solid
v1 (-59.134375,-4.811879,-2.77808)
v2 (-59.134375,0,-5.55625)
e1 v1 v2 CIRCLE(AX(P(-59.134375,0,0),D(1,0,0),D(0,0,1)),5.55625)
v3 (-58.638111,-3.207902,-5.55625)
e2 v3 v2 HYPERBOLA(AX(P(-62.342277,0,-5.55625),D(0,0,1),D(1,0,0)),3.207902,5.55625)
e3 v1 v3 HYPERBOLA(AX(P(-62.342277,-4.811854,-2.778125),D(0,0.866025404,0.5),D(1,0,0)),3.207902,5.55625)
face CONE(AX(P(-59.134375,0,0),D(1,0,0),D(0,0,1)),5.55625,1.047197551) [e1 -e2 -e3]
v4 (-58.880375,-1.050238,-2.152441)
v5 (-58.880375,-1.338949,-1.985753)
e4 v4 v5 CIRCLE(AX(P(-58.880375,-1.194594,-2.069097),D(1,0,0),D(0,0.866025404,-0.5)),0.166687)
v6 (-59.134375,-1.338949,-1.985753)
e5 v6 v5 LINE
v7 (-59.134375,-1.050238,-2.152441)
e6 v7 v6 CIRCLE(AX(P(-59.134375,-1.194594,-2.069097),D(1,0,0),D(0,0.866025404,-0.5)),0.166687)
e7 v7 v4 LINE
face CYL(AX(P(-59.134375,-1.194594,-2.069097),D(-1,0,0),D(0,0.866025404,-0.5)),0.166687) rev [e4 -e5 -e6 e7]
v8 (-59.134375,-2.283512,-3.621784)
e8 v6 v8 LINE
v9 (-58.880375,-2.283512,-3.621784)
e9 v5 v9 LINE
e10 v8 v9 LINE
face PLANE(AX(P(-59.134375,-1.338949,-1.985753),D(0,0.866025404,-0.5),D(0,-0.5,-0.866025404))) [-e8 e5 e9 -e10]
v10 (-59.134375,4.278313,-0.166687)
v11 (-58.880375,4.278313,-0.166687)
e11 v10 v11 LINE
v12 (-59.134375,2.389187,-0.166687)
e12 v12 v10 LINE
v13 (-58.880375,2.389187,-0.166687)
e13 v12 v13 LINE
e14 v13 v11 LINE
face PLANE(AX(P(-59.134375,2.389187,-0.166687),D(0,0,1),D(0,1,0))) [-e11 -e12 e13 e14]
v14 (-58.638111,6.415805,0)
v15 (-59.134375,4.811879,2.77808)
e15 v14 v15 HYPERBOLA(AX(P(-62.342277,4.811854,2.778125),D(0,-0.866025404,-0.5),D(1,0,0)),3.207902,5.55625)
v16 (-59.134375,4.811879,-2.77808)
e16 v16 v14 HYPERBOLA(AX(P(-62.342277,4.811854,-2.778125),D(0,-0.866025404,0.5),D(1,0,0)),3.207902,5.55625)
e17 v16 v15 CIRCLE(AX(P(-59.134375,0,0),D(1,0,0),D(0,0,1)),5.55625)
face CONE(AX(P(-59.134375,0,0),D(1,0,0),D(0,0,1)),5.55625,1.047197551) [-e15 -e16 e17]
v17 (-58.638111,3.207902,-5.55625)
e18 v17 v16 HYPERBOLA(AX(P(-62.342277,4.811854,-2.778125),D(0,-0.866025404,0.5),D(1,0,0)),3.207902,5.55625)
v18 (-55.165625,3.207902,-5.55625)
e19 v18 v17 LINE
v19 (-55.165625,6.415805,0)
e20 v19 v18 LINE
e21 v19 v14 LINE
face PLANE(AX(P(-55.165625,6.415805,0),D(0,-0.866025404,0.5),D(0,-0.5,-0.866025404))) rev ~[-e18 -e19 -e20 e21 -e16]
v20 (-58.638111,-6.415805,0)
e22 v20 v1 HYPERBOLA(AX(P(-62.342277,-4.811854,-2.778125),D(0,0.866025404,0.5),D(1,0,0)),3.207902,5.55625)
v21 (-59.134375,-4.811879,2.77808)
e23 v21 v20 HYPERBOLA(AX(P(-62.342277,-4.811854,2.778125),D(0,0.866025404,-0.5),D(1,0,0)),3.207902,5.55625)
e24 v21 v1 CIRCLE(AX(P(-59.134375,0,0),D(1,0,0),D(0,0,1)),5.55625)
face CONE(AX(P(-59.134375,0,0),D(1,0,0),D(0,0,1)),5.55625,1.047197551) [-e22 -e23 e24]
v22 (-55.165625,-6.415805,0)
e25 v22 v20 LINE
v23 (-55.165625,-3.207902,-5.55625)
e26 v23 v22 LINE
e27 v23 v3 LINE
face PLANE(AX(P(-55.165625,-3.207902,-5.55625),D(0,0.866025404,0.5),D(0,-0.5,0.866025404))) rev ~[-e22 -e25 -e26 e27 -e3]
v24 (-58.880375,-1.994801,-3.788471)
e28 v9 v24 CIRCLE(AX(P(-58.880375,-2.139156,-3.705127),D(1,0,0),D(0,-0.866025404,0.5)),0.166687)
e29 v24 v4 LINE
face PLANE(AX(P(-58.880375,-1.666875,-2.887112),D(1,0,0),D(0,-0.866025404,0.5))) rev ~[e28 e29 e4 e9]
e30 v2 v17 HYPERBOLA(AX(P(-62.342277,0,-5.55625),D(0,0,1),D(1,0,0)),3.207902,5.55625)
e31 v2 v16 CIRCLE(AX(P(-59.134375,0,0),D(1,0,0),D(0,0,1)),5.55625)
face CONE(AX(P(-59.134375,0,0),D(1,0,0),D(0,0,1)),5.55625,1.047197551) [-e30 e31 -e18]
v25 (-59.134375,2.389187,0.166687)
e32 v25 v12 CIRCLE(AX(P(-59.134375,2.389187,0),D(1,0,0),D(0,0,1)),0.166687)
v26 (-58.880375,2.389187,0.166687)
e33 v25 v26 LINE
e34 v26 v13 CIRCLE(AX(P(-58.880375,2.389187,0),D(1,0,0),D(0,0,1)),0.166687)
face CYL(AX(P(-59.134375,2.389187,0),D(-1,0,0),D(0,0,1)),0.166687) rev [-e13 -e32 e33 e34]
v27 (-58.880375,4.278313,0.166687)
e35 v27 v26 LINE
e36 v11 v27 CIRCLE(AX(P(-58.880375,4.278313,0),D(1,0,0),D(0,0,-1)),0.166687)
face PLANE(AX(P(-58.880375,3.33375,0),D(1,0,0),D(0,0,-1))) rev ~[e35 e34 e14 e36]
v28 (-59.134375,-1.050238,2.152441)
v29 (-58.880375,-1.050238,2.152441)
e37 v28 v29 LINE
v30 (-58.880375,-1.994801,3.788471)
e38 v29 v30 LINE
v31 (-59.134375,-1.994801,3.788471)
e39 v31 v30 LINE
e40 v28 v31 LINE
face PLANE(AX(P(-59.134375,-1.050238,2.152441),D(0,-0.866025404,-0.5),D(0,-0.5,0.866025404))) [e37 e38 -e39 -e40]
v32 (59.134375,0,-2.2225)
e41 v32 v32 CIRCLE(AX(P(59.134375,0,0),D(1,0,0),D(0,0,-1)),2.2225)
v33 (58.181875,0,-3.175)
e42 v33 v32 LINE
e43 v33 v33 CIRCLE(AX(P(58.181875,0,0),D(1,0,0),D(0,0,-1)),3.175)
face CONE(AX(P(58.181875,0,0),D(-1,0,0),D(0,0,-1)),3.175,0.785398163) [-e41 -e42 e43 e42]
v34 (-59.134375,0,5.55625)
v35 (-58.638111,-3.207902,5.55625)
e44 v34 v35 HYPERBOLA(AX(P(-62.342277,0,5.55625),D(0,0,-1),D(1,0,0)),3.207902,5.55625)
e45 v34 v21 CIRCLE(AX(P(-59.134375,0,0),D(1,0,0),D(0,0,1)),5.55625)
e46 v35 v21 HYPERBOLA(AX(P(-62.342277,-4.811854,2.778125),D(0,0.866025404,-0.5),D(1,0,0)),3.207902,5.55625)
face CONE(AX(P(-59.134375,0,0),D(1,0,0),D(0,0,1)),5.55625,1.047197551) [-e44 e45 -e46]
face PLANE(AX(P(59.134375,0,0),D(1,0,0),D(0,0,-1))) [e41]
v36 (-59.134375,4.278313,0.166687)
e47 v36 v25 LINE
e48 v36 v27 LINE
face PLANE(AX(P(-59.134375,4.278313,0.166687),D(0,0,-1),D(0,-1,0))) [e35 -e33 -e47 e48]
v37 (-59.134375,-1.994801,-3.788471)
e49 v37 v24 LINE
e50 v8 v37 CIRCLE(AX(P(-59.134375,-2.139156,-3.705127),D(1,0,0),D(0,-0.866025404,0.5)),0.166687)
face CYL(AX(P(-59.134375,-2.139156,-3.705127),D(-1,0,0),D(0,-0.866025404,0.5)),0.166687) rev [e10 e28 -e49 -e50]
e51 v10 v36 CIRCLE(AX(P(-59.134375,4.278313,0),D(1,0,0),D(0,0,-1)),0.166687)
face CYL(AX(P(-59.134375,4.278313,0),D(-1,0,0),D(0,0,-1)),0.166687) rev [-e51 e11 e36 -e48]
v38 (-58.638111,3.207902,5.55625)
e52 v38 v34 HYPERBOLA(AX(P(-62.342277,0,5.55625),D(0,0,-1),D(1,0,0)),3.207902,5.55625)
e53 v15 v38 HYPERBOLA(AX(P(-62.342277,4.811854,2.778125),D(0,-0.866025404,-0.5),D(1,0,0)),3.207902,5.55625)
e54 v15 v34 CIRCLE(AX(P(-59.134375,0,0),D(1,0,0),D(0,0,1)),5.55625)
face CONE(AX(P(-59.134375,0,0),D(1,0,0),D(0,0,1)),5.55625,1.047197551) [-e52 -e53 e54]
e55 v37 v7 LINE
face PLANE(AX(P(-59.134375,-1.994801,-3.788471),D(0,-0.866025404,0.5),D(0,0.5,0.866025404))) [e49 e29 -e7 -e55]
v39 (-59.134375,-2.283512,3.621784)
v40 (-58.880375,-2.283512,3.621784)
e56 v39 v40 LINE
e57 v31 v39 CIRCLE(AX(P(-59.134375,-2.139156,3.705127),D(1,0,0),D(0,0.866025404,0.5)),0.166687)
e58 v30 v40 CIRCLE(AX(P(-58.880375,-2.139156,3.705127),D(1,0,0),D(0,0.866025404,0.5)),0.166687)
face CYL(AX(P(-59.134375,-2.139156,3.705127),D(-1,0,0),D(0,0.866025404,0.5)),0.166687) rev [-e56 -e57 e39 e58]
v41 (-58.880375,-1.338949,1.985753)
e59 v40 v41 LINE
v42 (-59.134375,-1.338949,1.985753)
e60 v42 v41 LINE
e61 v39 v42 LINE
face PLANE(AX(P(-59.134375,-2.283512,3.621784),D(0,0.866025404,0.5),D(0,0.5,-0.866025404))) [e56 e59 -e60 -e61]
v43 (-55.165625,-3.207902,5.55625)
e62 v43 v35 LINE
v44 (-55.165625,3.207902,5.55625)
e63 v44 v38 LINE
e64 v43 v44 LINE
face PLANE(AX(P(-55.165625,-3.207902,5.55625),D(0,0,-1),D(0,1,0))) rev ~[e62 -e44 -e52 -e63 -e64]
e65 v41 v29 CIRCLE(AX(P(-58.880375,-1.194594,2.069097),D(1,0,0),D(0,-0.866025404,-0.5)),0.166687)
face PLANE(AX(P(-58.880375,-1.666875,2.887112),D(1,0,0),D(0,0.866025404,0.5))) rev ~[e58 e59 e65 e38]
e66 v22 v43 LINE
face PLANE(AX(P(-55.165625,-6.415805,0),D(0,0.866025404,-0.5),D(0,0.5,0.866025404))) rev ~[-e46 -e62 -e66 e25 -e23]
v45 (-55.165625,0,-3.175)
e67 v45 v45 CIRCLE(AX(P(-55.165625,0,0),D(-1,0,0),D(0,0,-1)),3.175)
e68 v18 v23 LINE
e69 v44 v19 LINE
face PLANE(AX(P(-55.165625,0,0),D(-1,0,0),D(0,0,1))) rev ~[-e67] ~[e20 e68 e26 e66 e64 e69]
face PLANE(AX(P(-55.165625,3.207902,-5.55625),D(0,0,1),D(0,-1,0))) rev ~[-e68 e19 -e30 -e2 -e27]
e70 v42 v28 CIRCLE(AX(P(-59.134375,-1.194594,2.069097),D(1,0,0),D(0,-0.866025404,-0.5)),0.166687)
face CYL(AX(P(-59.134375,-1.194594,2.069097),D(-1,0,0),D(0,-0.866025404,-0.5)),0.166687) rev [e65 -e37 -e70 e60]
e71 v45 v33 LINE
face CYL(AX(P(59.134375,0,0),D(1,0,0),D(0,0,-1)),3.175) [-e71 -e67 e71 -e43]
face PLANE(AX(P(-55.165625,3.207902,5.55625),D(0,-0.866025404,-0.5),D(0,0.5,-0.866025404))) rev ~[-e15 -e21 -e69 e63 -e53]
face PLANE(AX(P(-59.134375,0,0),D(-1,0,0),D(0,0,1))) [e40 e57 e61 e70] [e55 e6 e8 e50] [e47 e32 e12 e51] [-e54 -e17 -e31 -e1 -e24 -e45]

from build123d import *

# Parameters (mm, degrees)
SKETCH5_R           = 3.175
BOSS_EXTRUDE3_DEPTH = 114.3
CHAMFER1_SIZE       = 0.9525
BOSS_EXTRUDE4_DEPTH = 3.96875
SKETCH8_OUTSIDE_W   = 450.168
SKETCH8_OUTSIDE_H   = 451.888
SKETCH8_OUTSIDE_R   = 5.55625
CUT_EXTRUDE3_DEPTH  = 119.26875
CUT_EXTRUDE3_TAPER  = 60
CUT_EXTRUDE4_DEPTH  = 0.254
CIRPATTERN1_COUNT   = 3


with BuildPart() as part:
    # Sketch5 → Boss-Extrude3 (new body)
    with BuildSketch(Plane(origin=(59.134375, 0, 0), x_dir=(0, 0, -1), z_dir=(1, 0, 0))):
        Circle(SKETCH5_R)
    extrude(amount=-BOSS_EXTRUDE3_DEPTH)

    # Chamfer1
    chamfer1_edges = [part.edges().sort_by_distance(p)[0] for p in [
        (59.134375, 0, 3.175),
    ]]
    chamfer(chamfer1_edges, length=CHAMFER1_SIZE)

    # Sketch11 → Revolve1 (revolve)
    with BuildSketch(Plane.XY):
        Polygon((-55.165625, 3.175), (-55.165625, 0), (43.259375, 0), (40.084375, 3.175), align=None)
    revolve(axis=Axis((-55.165625, 0, 0), (1, 0, 0)))

    # Sketch6 → Boss-Extrude4 (add)
    with BuildSketch(Plane.ZY.offset(55.165625)):
        Polygon((5.55625, 3.207902433), (0, 6.415804866), (-5.55625, 3.207902433), (-5.55625, -3.207902433), (0, -6.415804866), (5.55625, -3.207902433), align=None)
    extrude(amount=BOSS_EXTRUDE4_DEPTH)

    # Sketch8 outside → Cut-Extrude3 (cut, through all)
    with BuildSketch(Plane.ZY.offset(59.134375)):
        Rectangle(SKETCH8_OUTSIDE_W, SKETCH8_OUTSIDE_H)
        Circle(SKETCH8_OUTSIDE_R, mode=Mode.SUBTRACT)
    extrude(amount=-CUT_EXTRUDE3_DEPTH, taper=CUT_EXTRUDE3_TAPER, mode=Mode.SUBTRACT)

    # Sketch12 → Cut-Extrude4 (cut)
    with BuildSketch(Plane.ZY.offset(59.134375)):
        with BuildLine():
            Line((0.1666875, 4.2783125), (0.1666875, 2.3891875))
            ThreePointArc((0.1666875, 2.3891875), (0, 2.2225), (-0.1666875, 2.3891875))
            Line((-0.1666875, 2.3891875), (-0.1666875, 4.2783125))
            ThreePointArc((-0.1666875, 4.2783125), (0, 4.445), (0.1666875, 4.2783125))
        make_face()
    cut_extrude4 = extrude(amount=-CUT_EXTRUDE4_DEPTH, mode=Mode.SUBTRACT)

    # CirPattern1: Cut-Extrude4 ×3 about axis
    cirpattern1_axis = Axis((0, 0, 0), (1, 0, 0))
    for i in range(1, CIRPATTERN1_COUNT):
        add(cut_extrude4.rotate(cirpattern1_axis, i * 360 / CIRPATTERN1_COUNT), mode=Mode.SUBTRACT)


solid = part.part
